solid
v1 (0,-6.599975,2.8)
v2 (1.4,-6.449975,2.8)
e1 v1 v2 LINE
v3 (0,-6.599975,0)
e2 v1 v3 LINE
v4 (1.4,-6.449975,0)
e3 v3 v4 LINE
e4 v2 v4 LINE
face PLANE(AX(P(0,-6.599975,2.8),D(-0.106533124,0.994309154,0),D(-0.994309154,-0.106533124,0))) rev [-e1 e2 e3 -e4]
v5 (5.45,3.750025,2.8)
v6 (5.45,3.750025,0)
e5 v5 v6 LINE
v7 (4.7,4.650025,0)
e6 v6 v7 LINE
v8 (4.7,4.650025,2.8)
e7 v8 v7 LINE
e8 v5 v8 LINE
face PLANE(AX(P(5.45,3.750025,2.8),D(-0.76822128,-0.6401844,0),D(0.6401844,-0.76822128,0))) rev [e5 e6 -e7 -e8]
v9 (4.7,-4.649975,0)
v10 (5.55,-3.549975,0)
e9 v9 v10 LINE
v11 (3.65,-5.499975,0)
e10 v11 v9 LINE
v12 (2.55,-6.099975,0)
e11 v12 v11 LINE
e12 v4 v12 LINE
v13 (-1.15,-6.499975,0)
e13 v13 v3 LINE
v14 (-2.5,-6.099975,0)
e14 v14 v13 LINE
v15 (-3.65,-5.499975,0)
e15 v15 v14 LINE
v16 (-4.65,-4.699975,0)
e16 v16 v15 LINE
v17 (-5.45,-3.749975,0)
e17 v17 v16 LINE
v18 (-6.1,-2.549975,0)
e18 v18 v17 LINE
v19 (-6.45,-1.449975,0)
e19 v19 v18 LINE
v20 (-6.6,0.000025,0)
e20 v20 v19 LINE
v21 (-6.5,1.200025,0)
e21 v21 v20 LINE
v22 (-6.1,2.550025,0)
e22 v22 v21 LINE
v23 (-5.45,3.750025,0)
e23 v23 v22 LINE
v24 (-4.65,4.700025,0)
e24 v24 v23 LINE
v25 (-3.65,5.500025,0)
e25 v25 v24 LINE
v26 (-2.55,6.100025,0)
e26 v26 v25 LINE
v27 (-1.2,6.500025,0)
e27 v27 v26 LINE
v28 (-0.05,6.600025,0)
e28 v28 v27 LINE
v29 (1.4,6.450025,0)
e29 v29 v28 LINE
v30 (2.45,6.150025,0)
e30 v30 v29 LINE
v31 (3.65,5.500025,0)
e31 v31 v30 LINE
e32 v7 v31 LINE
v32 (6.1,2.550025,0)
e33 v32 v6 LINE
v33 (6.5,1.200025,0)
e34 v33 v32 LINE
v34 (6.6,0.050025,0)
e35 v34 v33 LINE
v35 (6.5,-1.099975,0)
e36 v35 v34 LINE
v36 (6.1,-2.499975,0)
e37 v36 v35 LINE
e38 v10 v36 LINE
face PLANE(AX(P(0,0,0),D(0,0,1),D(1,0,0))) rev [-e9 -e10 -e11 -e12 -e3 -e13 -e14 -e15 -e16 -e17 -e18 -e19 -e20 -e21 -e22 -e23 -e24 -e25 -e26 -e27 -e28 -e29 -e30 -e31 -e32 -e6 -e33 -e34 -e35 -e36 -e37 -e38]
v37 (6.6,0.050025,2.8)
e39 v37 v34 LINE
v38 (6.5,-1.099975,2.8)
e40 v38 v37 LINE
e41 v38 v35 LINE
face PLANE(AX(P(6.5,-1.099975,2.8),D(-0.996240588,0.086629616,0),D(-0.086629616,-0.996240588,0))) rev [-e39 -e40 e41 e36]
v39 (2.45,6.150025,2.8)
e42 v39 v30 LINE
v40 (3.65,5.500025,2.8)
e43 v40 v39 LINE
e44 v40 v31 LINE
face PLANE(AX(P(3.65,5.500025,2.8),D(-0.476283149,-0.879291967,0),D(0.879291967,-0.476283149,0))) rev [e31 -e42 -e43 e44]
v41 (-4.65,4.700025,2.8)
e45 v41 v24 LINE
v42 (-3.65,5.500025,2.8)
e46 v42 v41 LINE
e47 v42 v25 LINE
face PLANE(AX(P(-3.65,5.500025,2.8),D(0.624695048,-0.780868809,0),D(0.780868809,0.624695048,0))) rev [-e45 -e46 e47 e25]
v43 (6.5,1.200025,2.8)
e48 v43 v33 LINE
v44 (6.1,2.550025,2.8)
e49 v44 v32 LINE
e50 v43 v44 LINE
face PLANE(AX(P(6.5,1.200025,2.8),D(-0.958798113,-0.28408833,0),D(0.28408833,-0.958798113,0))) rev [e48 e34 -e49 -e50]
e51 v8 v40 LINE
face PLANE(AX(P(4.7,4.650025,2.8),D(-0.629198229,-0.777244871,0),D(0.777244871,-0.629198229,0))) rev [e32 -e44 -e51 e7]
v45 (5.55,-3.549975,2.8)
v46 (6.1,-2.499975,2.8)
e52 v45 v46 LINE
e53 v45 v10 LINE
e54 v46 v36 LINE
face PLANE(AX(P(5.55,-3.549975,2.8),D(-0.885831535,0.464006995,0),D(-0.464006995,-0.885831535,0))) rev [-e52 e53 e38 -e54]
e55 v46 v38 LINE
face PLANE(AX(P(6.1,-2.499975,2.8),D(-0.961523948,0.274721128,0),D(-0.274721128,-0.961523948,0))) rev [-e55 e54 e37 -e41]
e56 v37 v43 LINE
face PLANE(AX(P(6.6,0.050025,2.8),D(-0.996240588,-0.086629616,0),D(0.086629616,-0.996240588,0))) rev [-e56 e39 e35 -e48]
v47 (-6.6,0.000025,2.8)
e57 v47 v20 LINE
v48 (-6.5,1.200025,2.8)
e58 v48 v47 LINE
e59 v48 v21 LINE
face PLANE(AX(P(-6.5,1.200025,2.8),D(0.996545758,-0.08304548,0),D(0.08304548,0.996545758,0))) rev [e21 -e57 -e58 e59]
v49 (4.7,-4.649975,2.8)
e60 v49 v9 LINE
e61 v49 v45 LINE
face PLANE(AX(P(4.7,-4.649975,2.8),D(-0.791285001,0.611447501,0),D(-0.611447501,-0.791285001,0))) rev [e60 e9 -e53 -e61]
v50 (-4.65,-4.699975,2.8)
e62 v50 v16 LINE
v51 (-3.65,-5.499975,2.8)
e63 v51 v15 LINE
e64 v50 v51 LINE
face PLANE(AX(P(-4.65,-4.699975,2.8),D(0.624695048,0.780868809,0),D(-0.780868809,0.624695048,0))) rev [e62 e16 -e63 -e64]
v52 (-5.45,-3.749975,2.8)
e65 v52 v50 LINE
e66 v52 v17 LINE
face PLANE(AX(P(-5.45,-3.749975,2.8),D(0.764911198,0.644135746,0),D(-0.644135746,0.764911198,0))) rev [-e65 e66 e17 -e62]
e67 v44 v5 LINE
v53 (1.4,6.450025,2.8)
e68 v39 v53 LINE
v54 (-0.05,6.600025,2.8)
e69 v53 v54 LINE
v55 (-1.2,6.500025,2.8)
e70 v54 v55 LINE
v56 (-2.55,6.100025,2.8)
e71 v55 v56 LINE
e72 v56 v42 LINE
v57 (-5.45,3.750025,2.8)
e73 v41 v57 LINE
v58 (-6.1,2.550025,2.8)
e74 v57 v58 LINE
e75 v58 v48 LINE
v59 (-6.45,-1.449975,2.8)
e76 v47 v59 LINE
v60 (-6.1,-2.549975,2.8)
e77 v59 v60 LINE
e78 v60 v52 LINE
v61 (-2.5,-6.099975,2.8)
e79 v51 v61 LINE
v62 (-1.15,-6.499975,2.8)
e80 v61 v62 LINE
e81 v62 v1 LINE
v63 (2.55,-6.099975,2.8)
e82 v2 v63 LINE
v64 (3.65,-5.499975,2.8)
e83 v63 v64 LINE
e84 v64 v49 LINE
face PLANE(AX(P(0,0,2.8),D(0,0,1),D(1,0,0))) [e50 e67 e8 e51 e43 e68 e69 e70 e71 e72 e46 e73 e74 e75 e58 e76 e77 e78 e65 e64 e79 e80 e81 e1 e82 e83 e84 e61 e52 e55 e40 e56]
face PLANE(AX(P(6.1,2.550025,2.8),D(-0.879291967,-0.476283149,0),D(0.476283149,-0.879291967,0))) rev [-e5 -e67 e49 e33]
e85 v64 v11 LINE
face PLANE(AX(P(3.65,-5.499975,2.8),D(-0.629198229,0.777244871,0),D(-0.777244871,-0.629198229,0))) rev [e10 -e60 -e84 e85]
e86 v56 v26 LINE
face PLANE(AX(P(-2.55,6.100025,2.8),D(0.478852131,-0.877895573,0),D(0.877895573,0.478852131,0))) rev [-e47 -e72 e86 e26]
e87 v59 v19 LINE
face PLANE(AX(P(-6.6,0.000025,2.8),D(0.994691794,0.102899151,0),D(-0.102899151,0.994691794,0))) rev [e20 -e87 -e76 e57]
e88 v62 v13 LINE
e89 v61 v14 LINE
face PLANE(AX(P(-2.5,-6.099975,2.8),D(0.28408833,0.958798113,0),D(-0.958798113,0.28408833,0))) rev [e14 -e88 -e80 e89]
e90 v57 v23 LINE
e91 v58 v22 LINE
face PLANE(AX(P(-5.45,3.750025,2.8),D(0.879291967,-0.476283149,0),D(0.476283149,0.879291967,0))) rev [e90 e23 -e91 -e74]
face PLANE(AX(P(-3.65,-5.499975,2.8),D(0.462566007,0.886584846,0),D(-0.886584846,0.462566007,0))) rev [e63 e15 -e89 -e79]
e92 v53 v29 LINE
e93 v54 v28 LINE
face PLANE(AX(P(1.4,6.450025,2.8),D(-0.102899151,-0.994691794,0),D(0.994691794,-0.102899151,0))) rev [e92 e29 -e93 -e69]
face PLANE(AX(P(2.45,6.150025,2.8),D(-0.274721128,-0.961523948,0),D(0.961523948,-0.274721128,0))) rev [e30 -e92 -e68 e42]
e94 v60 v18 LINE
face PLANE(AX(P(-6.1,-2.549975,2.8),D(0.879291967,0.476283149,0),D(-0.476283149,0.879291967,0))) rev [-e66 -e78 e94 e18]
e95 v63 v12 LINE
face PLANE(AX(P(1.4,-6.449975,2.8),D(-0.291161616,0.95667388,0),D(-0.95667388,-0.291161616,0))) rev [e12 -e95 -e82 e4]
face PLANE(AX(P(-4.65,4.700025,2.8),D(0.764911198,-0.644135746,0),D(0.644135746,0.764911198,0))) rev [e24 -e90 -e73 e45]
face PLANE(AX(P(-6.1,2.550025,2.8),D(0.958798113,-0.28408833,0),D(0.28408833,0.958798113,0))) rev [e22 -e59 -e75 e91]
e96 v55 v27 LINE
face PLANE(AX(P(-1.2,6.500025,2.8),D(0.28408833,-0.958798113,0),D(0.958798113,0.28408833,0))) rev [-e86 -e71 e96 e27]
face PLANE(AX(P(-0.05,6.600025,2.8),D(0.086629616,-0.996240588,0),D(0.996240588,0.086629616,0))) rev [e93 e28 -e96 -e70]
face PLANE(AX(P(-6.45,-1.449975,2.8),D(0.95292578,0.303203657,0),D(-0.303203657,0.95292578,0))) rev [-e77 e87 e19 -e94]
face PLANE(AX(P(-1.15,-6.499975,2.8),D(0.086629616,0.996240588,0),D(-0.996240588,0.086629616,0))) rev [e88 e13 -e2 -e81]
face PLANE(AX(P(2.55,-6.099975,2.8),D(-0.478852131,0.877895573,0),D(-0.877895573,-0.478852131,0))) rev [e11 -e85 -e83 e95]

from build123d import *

# Parameters (mm, degrees)
COMPONENT_OUTLINE_DEPTH = 2.8


with BuildPart() as part:
    # 草图1 → Component_Outline (new body)
    with BuildSketch(Plane.XY):
        Polygon((0, -6.599975), (1.4, -6.449975), (2.55, -6.099975), (3.65, -5.499975), (4.7, -4.649975), (5.55, -3.549975), (6.1, -2.499975), (6.5, -1.099975), (6.6, 0.050025), (6.5, 1.200025), (6.1, 2.550025), (5.45, 3.750025), (4.7, 4.650025), (3.65, 5.500025), (2.45, 6.150025), (1.4, 6.450025), (-0.05, 6.600025), (-1.2, 6.500025), (-2.55, 6.100025), (-3.65, 5.500025), (-4.65, 4.700025), (-5.45, 3.750025), (-6.1, 2.550025), (-6.5, 1.200025), (-6.6, 2.5e-05), (-6.45, -1.449975), (-6.1, -2.549975), (-5.45, -3.749975), (-4.65, -4.699975), (-3.65, -5.499975), (-2.5, -6.099975), (-1.15, -6.499975), align=None)
    extrude(amount=COMPONENT_OUTLINE_DEPTH)


solid = part.part
